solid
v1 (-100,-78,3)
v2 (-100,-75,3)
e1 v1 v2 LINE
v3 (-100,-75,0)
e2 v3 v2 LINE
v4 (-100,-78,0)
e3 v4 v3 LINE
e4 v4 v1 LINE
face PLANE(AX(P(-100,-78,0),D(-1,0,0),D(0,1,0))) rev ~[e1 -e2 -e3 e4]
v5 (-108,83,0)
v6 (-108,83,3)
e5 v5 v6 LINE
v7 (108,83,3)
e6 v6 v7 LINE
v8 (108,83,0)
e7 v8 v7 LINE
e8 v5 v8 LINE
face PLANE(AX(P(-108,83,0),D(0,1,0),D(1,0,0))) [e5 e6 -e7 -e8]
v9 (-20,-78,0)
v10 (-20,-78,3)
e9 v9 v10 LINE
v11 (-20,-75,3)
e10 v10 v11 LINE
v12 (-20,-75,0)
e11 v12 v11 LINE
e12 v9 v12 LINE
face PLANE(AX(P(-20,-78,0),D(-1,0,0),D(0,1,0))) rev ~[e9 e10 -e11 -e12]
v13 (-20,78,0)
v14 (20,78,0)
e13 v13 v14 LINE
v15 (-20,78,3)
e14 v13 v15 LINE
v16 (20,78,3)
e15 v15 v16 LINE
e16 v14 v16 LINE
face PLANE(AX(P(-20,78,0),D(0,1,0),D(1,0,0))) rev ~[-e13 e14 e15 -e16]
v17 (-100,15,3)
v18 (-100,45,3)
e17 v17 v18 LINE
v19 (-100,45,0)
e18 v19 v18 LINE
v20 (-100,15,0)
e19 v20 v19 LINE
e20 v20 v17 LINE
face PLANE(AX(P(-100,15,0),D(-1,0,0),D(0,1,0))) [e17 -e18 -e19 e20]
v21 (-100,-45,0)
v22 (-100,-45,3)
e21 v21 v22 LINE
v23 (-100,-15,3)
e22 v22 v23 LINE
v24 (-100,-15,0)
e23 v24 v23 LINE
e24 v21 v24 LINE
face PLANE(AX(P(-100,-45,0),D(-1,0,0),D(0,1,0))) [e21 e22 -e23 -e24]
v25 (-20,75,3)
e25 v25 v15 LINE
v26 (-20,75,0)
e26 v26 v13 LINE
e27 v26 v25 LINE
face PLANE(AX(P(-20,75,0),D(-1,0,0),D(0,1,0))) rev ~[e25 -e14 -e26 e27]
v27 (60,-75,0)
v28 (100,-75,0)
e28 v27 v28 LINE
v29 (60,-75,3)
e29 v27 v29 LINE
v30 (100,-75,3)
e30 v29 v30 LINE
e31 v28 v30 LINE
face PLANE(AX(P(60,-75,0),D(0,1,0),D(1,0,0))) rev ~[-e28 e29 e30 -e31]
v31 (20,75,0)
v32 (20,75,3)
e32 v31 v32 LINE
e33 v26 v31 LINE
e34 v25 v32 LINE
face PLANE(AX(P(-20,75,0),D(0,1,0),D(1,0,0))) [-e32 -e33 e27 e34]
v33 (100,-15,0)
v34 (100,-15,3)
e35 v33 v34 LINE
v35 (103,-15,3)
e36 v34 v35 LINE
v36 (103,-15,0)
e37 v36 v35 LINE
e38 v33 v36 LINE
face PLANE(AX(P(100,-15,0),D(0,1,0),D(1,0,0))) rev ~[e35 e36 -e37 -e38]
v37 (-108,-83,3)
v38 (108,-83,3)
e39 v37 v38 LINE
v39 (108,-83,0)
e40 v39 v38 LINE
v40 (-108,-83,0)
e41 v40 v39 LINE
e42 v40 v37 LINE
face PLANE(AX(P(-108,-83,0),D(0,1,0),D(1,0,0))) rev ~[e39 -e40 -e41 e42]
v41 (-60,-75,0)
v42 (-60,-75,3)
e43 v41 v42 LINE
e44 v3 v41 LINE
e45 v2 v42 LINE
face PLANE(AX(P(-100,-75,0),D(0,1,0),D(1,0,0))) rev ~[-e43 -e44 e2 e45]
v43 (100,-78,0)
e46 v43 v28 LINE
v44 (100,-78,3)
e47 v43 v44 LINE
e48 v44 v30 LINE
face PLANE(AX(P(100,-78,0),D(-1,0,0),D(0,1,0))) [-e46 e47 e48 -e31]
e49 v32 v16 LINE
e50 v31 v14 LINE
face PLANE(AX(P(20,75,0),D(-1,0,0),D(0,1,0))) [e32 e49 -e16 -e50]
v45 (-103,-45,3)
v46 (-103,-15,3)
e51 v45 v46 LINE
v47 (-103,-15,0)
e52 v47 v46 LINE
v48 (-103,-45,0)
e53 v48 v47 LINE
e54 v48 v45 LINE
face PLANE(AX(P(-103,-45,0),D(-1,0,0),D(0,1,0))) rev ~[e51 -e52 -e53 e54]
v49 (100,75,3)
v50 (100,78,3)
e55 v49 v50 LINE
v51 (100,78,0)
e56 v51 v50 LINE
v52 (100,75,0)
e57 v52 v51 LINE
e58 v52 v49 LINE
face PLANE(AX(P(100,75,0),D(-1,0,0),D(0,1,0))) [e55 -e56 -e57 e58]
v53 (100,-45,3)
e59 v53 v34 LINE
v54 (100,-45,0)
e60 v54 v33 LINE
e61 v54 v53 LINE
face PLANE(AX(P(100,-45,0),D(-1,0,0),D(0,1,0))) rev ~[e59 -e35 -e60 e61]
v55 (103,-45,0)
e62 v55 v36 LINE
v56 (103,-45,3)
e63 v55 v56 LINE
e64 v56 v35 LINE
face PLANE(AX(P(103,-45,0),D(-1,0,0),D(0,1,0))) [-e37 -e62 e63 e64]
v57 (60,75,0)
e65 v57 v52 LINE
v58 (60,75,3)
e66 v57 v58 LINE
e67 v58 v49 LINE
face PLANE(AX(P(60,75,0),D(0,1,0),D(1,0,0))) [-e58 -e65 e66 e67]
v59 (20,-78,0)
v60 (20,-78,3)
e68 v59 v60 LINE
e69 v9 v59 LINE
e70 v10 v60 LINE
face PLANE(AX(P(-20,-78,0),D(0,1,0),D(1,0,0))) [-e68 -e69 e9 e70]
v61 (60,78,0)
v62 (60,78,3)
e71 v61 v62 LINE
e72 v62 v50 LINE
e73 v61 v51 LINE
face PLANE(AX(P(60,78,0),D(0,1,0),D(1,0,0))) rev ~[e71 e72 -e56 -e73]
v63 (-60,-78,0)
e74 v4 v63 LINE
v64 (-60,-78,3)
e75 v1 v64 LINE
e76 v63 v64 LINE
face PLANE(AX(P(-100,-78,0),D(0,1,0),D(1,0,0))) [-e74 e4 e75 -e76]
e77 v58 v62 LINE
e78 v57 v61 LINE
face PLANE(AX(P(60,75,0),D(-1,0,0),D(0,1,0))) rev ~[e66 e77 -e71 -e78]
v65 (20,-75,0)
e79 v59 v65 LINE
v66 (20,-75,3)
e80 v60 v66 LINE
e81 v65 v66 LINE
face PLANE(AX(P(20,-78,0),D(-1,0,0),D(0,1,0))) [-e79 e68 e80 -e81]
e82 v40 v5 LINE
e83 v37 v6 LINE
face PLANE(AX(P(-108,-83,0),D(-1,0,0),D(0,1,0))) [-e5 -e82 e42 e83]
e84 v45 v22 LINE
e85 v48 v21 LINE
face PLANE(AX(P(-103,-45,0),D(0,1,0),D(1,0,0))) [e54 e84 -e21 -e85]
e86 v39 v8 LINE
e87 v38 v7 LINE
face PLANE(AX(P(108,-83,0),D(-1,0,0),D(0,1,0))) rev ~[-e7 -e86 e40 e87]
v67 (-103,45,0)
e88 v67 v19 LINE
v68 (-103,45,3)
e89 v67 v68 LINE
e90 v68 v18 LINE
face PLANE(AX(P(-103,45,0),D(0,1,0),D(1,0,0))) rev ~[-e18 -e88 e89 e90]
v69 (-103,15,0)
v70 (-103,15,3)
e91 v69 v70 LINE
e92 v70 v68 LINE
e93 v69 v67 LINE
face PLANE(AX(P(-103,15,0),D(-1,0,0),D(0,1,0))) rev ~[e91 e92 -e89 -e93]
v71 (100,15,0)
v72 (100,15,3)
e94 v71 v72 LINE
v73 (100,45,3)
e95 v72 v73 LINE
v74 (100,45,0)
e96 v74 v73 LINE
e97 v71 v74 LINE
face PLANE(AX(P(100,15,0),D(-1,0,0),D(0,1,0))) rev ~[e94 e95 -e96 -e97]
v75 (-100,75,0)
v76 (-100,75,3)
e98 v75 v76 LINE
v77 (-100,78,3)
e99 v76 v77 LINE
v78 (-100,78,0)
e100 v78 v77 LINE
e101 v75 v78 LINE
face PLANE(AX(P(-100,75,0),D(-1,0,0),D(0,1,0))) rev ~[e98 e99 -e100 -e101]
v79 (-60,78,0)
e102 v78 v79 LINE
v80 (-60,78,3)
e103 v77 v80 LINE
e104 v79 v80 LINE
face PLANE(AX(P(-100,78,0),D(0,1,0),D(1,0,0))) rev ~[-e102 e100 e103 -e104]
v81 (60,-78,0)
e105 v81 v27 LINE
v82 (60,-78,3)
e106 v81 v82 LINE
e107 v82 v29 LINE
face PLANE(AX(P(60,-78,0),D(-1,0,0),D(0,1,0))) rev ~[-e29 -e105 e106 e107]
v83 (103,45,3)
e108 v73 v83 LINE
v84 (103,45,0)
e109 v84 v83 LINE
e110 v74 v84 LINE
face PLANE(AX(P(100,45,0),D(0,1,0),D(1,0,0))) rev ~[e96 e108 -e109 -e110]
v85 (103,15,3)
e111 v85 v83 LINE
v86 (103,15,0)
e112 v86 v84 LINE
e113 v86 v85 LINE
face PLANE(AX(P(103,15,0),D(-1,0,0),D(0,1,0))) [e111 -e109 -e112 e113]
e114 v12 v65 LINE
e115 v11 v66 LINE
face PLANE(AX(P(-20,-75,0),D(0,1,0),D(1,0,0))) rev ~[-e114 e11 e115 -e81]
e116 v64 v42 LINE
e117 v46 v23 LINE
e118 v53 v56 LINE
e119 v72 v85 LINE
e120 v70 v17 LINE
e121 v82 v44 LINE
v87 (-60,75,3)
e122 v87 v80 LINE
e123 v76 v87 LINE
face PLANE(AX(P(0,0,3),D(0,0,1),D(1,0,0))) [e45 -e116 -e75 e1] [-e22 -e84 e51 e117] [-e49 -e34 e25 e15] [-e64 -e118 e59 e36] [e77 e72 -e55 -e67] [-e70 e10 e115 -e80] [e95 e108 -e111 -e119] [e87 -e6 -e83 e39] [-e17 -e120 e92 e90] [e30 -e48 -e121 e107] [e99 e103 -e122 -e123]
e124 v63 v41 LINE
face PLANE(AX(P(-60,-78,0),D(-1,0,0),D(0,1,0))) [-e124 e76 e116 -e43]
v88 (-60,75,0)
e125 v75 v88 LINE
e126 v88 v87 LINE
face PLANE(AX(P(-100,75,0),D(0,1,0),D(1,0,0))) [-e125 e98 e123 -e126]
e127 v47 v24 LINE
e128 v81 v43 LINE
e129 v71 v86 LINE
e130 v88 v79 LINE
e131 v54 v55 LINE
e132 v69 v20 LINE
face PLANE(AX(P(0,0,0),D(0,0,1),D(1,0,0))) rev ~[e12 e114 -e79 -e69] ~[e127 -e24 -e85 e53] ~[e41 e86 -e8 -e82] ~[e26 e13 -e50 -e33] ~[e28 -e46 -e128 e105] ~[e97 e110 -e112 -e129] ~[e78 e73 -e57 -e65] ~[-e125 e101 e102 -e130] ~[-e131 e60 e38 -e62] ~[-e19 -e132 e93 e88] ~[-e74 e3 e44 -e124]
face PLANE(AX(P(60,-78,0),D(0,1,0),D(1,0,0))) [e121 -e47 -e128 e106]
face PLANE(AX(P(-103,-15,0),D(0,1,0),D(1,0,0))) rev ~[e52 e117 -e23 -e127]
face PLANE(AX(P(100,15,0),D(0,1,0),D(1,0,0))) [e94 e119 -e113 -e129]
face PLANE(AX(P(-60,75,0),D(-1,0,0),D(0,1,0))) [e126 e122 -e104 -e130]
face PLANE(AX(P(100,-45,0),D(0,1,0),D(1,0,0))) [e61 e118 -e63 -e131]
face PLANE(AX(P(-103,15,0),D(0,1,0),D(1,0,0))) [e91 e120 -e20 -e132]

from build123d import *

# Parameters (mm, degrees)
SKETCH1_W           = 216
SKETCH1_H           = 166
SKETCH1_W_2         = 40
SKETCH1_H_2         = 3
SKETCH1_W_3         = 3
SKETCH1_H_3         = 30
BOSS_EXTRUDE1_DEPTH = 3


with BuildPart() as part:
    # Sketch1 → Boss-Extrude1 (new body)
    with BuildSketch(Plane.XY):
        Rectangle(SKETCH1_W, SKETCH1_H)
        with Locations((-80, 76.5)):
            Rectangle(SKETCH1_W_2, SKETCH1_H_2, mode=Mode.SUBTRACT)
        with Locations((80, 76.5)):
            Rectangle(SKETCH1_W_2, SKETCH1_H_2, mode=Mode.SUBTRACT)
        with Locations((101.5, 30)):
            Rectangle(SKETCH1_W_3, SKETCH1_H_3, mode=Mode.SUBTRACT)
        with Locations((80, -76.5)):
            Rectangle(SKETCH1_W_2, SKETCH1_H_2, mode=Mode.SUBTRACT)
        with Locations((-101.5, 30)):
            Rectangle(SKETCH1_W_3, SKETCH1_H_3, mode=Mode.SUBTRACT)
        with Locations((0, 76.5)):
            Rectangle(SKETCH1_W_2, SKETCH1_H_2, mode=Mode.SUBTRACT)
        with Locations((101.5, -30)):
            Rectangle(SKETCH1_W_3, SKETCH1_H_3, mode=Mode.SUBTRACT)
        with Locations((0, -76.5)):
            Rectangle(SKETCH1_W_2, SKETCH1_H_2, mode=Mode.SUBTRACT)
        with Locations((-80, -76.5)):
            Rectangle(SKETCH1_W_2, SKETCH1_H_2, mode=Mode.SUBTRACT)
        with Locations((-101.5, -30)):
            Rectangle(SKETCH1_W_3, SKETCH1_H_3, mode=Mode.SUBTRACT)
    extrude(amount=BOSS_EXTRUDE1_DEPTH)


solid = part.part
